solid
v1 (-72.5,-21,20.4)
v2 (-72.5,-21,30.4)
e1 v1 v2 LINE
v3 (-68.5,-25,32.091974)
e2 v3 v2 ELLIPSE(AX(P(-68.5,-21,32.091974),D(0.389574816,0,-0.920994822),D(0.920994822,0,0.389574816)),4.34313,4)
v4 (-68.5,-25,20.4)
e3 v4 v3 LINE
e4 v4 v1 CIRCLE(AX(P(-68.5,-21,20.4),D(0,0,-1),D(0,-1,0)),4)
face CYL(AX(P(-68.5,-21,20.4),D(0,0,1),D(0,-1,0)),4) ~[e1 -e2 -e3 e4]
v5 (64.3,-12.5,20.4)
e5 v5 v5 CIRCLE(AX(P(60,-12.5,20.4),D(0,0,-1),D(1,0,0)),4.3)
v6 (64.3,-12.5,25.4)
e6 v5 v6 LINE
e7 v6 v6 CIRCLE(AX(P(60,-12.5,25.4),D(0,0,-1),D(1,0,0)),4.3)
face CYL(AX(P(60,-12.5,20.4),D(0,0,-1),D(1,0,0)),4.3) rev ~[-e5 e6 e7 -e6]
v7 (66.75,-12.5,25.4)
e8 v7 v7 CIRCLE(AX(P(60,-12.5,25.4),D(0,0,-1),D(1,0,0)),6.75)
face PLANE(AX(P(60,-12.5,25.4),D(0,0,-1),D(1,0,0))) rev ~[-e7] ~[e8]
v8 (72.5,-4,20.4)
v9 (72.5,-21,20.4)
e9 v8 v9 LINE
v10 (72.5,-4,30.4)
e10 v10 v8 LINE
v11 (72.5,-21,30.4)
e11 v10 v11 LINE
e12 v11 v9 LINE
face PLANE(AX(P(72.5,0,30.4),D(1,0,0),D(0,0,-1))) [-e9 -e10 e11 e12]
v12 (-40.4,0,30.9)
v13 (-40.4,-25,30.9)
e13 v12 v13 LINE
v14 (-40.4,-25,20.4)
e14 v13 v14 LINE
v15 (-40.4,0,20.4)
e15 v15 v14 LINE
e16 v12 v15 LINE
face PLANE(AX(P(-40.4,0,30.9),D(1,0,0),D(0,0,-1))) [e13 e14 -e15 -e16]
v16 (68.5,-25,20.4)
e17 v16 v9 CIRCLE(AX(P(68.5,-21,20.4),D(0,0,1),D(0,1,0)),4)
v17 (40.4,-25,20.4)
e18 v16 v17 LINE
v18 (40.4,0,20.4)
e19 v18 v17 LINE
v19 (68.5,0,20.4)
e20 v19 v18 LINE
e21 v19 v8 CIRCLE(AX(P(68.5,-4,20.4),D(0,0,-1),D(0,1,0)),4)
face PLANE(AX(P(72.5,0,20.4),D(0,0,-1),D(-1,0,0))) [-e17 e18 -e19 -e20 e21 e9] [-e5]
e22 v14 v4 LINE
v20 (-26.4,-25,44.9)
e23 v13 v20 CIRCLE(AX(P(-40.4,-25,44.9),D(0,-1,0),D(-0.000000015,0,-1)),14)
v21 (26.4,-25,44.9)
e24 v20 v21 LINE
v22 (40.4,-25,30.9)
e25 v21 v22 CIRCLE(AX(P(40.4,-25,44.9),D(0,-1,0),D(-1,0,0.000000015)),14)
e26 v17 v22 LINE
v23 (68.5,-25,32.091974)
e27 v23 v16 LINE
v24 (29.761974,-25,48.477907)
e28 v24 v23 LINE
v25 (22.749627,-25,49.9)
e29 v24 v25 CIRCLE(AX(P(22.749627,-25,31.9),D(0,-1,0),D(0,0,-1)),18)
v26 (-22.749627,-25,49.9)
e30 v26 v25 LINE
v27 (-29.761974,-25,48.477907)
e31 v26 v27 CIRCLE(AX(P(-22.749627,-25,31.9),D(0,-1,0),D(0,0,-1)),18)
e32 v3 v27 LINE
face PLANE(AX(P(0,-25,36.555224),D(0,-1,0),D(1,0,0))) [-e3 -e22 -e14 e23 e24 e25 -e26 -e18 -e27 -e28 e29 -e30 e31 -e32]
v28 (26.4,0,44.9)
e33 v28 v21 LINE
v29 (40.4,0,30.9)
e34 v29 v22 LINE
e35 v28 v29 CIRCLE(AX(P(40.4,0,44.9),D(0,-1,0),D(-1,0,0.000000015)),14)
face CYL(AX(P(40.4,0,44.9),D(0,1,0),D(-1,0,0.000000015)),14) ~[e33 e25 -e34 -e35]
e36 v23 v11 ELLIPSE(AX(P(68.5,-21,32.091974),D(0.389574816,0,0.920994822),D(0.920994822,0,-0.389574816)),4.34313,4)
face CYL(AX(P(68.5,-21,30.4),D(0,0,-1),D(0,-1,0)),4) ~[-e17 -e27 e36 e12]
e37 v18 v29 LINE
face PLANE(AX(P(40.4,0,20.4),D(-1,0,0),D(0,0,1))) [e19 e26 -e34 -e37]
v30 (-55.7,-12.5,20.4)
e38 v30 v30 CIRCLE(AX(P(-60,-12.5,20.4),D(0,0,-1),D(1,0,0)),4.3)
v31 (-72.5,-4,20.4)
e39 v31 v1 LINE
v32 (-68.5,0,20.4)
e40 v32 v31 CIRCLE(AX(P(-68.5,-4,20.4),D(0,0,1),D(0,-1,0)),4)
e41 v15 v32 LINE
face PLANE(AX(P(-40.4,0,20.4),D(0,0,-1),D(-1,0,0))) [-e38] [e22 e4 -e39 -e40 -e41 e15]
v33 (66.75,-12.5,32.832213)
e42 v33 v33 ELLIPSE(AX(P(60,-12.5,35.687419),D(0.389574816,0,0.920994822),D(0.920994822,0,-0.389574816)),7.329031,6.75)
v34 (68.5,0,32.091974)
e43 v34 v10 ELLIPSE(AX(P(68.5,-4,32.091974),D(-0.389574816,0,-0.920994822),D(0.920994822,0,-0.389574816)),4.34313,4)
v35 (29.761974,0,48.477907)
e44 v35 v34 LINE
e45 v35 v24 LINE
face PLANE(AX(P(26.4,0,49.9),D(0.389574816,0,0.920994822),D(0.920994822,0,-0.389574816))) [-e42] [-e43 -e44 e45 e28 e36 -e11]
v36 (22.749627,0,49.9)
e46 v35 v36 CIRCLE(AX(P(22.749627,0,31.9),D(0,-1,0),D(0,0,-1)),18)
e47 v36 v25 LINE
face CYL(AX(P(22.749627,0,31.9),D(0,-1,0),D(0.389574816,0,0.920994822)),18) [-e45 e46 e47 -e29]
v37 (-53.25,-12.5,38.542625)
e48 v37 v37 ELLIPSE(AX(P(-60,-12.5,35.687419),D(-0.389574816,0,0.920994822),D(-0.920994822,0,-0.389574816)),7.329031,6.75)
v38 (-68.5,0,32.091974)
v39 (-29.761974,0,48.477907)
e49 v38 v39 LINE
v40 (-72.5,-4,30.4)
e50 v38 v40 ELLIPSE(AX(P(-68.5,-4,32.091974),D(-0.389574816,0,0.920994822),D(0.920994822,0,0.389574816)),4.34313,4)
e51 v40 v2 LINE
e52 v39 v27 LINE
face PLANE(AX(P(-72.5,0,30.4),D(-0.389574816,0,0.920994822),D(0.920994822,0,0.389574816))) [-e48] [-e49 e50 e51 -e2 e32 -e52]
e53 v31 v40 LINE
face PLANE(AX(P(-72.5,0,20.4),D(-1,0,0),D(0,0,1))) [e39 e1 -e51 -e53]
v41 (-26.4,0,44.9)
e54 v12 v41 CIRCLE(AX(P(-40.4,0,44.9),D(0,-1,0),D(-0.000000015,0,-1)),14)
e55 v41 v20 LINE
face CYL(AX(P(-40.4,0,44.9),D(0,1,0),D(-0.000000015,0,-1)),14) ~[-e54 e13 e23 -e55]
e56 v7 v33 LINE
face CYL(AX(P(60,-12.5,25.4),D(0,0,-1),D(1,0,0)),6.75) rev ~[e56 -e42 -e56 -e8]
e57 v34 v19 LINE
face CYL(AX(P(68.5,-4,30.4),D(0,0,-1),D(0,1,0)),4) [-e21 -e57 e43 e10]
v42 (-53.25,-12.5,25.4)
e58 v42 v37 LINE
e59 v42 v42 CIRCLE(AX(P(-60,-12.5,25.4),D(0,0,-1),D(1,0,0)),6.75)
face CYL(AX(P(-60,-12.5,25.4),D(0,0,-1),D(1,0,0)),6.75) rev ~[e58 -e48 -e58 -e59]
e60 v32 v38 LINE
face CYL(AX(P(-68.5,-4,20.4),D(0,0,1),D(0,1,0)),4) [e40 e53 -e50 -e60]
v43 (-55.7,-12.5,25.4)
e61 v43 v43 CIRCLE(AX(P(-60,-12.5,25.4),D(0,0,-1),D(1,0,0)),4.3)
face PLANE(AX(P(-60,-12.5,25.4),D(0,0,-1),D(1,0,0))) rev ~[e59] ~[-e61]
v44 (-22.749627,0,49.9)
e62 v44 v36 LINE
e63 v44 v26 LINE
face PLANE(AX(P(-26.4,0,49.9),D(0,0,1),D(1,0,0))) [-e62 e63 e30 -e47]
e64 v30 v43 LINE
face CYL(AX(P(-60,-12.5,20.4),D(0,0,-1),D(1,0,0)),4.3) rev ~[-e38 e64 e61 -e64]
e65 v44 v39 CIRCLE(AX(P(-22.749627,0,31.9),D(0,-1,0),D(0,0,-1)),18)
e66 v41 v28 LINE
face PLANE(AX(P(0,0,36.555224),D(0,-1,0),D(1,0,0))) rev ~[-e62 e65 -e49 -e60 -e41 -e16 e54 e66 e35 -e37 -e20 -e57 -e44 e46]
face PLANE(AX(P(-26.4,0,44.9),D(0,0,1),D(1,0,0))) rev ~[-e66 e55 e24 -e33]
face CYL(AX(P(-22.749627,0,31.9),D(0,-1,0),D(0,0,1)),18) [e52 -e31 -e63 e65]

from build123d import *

# Parameters (mm, degrees)
PAD_DEPTH       = 25
SKETCH001_R     = 4.3
POCKET_DEPTH    = 29.501
SKETCH002_R     = 6.75
POCKET001_DEPTH = 24.501
FILLET_R        = 4
FILLET001_R     = 18


with BuildPart() as part:
    # Sketch → Pad (new body)
    with BuildSketch(Plane.XZ):
        with BuildLine():
            ThreePointArc((-40.4, 30.9), (-30.500505, 35.000505), (-26.4, 44.9))
            Line((-26.4, 44.9), (26.4, 44.9))
            ThreePointArc((26.4, 44.9), (30.500505, 35.000505), (40.4, 30.9))
            Line((40.4, 20.4), (40.4, 30.9))
            Line((72.5, 20.4), (40.4, 20.4))
            Line((72.5, 30.4), (72.5, 20.4))
            Line((26.4, 49.9), (72.5, 30.4))
            Line((-26.4, 49.9), (26.4, 49.9))
            Line((-72.5, 30.4), (-26.4, 49.9))
            Line((-72.5, 20.4), (-72.5, 30.4))
            Line((-40.4, 20.4), (-72.5, 20.4))
            Line((-40.4, 30.9), (-40.4, 20.4))
        make_face()
    extrude(amount=PAD_DEPTH)

    # Sketch001 (on Face11 of Pad) → Pocket (cut, through all)
    with BuildSketch(Plane(origin=(0, 0, 20.4), x_dir=(1, 0, 0), z_dir=(0, 0, -1))):
        with Locations((-60, 12.5)):
            Circle(SKETCH001_R)
        with Locations((60, 12.5)):
            Circle(SKETCH001_R)
    extrude(amount=-POCKET_DEPTH, mode=Mode.SUBTRACT)

    # Sketch002 (on Face6 of Pocket) → Pocket001 (cut, through all)
    with BuildSketch(Plane(origin=(0, 0, 25.4), x_dir=(1, 0, 0), z_dir=(0, 0, -1))):
        with Locations((-60, 12.5)):
            Circle(SKETCH002_R)
        with Locations((60, 12.5)):
            Circle(SKETCH002_R)
    extrude(amount=-POCKET001_DEPTH, mode=Mode.SUBTRACT)

    # Fillet
    fillet_edges = [part.edges().sort_by_distance(p)[0] for p in [
        (-72.5, -25, 25.4),
        (-72.5, 0, 25.4),
        (72.5, -25, 25.4),
        (72.5, 0, 25.4),
    ]]
    fillet(fillet_edges, radius=FILLET_R)

    # Fillet001
    fillet001_edges = [part.edges().sort_by_distance(p)[0] for p in [
        (-26.4, -12.5, 49.9),
        (26.4, -12.5, 49.9),
    ]]
    fillet(fillet001_edges, radius=FILLET001_R)


solid = part.part
